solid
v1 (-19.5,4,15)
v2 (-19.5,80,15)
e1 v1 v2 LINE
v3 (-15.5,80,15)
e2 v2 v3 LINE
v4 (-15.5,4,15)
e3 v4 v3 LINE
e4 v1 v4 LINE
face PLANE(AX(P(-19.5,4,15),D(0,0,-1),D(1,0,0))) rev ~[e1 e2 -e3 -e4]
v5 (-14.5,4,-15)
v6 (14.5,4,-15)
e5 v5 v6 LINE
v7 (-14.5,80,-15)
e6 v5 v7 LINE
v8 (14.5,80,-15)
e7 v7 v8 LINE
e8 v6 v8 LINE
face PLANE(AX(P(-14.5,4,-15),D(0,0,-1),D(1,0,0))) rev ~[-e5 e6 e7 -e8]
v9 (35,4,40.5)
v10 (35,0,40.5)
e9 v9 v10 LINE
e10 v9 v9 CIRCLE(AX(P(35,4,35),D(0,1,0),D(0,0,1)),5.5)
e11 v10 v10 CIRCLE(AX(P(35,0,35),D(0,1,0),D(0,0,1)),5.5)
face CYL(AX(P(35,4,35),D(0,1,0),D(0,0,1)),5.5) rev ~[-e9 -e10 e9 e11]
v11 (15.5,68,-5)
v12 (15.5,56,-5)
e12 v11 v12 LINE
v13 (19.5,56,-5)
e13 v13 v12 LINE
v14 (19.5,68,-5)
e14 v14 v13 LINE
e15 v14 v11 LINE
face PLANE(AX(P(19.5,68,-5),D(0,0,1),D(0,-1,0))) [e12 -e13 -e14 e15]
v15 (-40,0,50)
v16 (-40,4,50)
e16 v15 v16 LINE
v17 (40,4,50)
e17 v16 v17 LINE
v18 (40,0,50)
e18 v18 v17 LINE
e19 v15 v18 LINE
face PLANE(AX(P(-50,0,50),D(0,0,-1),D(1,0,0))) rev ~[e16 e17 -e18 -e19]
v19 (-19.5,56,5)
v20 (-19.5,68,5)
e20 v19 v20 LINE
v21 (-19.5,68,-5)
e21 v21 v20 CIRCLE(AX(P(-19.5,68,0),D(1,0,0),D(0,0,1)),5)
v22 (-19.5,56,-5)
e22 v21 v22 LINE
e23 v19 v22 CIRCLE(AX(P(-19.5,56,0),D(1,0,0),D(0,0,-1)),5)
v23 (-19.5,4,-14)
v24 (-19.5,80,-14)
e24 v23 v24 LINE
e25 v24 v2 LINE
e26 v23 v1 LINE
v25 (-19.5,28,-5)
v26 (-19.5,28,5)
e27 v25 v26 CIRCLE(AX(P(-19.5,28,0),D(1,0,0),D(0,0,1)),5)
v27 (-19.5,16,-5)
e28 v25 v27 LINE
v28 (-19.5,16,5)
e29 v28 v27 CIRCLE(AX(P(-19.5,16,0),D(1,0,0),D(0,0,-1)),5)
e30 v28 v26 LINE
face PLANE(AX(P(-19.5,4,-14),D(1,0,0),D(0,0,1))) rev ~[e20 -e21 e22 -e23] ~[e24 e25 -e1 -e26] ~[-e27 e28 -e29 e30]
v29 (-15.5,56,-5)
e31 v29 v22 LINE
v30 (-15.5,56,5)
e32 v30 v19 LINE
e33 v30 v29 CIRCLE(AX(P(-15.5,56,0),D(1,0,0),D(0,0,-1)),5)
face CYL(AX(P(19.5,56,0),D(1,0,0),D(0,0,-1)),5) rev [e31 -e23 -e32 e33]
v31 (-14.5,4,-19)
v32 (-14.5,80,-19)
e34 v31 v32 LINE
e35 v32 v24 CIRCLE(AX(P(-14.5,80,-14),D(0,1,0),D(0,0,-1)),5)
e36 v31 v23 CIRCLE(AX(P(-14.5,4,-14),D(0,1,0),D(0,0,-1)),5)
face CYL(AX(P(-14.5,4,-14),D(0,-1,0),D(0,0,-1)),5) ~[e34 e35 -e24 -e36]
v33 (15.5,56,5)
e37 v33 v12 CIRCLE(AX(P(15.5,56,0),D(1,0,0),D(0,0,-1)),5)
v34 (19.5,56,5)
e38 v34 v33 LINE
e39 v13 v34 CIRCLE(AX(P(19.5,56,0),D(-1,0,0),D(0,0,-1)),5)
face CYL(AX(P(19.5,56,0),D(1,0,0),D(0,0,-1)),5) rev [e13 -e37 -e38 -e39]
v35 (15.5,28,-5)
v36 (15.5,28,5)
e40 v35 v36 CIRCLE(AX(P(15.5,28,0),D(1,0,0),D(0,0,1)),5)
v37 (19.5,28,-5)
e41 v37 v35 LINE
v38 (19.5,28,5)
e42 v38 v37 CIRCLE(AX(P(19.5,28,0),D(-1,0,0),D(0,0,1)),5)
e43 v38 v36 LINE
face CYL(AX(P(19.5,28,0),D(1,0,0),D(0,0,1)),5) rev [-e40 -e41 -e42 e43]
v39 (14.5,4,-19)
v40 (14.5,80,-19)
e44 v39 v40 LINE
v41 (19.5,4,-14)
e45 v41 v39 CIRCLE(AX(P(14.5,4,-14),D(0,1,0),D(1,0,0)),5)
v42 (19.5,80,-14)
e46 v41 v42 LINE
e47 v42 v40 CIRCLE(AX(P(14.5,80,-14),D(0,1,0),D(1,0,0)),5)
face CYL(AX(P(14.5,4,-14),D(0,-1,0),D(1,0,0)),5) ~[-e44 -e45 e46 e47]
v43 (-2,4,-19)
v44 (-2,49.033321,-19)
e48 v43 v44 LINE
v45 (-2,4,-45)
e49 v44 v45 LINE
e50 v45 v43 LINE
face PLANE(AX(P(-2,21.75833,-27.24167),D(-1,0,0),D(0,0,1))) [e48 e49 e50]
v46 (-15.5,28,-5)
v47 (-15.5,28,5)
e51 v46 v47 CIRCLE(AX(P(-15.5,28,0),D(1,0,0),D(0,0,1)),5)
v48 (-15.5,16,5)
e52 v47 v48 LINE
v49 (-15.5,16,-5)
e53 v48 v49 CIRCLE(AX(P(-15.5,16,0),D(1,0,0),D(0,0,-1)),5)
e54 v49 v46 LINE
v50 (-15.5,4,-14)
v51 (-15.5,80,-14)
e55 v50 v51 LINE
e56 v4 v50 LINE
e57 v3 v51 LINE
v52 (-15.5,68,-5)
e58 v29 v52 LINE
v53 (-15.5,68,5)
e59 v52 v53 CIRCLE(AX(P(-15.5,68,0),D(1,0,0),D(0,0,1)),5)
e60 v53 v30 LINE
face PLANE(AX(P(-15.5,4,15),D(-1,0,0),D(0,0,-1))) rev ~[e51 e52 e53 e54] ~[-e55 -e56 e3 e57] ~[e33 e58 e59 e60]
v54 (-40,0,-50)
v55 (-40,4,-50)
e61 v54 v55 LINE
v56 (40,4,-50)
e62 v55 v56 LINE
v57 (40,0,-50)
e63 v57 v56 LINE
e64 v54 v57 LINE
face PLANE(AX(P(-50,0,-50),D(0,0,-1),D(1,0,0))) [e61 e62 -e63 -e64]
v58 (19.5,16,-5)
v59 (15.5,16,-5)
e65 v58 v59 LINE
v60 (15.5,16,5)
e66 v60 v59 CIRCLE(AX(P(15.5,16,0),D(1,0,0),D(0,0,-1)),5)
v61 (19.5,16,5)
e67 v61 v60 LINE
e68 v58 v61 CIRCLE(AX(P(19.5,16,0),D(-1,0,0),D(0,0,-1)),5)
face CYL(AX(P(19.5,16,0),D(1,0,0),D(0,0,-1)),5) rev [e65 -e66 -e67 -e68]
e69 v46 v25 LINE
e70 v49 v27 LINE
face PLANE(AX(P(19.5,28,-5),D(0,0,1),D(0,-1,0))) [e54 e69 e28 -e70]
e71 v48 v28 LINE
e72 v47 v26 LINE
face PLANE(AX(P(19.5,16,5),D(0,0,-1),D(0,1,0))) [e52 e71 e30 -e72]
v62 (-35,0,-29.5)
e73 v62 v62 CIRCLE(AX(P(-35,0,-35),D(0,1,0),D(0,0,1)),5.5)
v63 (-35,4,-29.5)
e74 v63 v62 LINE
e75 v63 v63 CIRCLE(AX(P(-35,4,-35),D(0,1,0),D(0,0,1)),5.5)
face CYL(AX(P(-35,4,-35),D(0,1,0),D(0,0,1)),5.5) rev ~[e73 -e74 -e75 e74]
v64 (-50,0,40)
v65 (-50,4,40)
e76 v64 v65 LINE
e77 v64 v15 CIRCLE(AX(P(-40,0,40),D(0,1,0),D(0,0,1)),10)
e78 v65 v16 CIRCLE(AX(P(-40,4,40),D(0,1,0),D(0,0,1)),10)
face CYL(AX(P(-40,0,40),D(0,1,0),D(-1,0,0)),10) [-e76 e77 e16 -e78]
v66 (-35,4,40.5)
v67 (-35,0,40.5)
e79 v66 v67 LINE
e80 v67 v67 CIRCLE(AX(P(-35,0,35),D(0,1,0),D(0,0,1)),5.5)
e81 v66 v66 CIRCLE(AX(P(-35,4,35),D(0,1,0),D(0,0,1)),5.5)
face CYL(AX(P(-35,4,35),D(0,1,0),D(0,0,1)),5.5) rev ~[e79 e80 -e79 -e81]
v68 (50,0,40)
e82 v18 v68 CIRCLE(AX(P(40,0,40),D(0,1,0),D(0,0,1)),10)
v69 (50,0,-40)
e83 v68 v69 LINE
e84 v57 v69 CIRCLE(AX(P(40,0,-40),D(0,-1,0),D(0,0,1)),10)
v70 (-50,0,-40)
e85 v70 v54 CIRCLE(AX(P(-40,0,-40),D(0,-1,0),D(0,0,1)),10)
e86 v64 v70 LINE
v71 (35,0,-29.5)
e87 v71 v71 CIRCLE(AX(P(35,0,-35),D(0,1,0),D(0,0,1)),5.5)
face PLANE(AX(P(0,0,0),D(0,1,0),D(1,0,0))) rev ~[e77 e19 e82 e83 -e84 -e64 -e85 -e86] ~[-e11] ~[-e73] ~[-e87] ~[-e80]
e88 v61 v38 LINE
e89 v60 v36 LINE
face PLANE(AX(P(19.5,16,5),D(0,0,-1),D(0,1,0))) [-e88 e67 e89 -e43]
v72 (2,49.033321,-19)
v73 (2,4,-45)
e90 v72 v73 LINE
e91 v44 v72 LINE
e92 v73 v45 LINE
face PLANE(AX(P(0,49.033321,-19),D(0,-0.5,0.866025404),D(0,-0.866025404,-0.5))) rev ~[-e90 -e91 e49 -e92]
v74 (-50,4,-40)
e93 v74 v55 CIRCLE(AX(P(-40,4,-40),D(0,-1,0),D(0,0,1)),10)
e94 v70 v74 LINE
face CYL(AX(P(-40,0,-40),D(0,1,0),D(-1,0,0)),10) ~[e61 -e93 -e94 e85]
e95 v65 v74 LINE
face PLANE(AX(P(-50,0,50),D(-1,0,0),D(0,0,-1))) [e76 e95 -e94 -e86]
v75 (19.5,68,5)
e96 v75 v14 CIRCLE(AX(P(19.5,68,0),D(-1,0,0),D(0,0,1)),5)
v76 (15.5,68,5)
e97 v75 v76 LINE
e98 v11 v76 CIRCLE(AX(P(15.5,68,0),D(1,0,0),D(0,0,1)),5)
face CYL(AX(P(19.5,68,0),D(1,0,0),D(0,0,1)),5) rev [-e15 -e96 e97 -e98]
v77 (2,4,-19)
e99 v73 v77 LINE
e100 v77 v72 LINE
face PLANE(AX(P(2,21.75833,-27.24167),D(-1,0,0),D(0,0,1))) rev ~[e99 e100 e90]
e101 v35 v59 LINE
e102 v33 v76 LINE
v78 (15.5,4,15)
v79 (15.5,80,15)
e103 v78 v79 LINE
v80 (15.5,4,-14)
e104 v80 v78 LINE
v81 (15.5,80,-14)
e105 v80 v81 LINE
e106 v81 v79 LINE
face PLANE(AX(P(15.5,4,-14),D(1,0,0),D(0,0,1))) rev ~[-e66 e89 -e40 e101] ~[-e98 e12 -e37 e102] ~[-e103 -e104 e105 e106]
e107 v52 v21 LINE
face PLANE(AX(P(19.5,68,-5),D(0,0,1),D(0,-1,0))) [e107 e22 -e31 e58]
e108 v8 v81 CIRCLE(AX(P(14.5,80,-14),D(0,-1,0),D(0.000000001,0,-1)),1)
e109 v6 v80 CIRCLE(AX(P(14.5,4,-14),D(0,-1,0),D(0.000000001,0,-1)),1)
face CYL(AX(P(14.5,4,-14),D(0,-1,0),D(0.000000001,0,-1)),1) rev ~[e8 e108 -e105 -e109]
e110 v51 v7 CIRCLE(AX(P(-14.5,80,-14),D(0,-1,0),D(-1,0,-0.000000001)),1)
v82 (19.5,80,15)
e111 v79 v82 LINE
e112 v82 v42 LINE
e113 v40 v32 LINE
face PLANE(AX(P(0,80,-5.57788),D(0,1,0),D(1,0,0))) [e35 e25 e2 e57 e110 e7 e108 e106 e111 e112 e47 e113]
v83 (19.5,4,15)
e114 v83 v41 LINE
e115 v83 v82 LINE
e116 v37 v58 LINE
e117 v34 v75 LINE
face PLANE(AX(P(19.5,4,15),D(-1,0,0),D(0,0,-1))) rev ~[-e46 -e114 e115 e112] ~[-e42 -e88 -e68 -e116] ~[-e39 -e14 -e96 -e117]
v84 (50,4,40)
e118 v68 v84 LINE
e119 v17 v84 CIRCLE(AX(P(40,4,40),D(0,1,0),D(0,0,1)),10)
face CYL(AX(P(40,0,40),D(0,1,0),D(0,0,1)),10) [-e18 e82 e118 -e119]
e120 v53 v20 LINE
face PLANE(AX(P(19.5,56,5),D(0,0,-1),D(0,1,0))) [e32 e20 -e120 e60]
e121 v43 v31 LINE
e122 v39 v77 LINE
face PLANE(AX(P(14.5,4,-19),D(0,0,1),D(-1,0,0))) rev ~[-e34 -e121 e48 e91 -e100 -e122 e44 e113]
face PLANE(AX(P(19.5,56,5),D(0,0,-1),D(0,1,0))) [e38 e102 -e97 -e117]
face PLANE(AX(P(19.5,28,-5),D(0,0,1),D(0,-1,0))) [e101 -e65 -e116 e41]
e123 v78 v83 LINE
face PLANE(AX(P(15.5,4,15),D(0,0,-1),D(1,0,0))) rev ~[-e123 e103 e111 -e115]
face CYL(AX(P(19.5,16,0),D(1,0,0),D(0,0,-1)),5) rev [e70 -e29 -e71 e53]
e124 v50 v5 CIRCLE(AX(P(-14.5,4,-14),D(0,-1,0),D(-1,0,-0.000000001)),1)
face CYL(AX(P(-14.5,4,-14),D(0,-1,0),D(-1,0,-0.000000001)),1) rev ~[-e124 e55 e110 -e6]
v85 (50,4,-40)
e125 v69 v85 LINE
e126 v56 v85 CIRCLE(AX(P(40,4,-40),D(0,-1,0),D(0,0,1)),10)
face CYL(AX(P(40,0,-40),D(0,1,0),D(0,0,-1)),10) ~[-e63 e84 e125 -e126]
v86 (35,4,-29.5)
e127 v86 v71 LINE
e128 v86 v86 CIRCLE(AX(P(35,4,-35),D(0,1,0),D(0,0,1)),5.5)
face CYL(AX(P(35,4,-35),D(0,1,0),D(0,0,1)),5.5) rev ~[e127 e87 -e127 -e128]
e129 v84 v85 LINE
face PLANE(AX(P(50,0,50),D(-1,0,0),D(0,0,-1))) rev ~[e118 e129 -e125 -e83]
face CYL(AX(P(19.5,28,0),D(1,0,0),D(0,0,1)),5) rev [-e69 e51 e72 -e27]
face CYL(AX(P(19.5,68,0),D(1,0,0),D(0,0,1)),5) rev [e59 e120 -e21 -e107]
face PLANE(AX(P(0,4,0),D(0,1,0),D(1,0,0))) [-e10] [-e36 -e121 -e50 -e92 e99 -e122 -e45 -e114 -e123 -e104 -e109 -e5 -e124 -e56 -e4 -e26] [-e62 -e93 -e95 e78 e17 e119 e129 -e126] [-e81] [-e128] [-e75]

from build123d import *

# Parameters (mm, degrees)
SKETCH_2_W          = 100
SKETCH_2_H          = 100
EXTRUDE_1_DEPTH     = 4
EXTRUDE_1_2_DEPTH   = 76
EXTRUDE_2_DEPTH     = 2
CUT_EXTRUDE_1_DEPTH = 70.5
SKETCH_6_R          = 5.5
CUT_EXTRUDE_2_DEPTH = 5
FILLET_1_R          = 10


with BuildPart() as part:
    # Эскиз2 → Extrude 1 (new body)
    with BuildSketch(Plane(origin=(0, 0, 0), x_dir=(1, 0, 0), z_dir=(0, 1, 0))):
        Rectangle(SKETCH_2_W, SKETCH_2_H)
    extrude(amount=EXTRUDE_1_DEPTH)

    # Эскиз3 → Extrude 1 2 (add)
    with BuildSketch(Plane(origin=(0, 4, 0), x_dir=(1, 0, 0), z_dir=(0, 1, 0))):
        with BuildLine():
            Line((-15.5, -15), (-15.5, 14))
            ThreePointArc((-15.5, 14), (-15.207106781, 14.707106781), (-14.5, 15))
            Line((-14.5, 15), (14.5, 15))
            ThreePointArc((14.5, 15), (15.207106781, 14.707106781), (15.5, 14))
            Line((15.5, 14), (15.5, -15))
            Line((15.5, -15), (19.5, -15))
            Line((19.5, -15), (19.5, 14))
            ThreePointArc((19.5, 14), (18.035533906, 17.535533906), (14.5, 19))
            Line((14.5, 19), (-14.5, 19))
            ThreePointArc((-14.5, 19), (-18.035533906, 17.535533906), (-19.5, 14))
            Line((-19.5, 14), (-19.5, -15))
            Line((-19.5, -15), (-15.5, -15))
        make_face()
    extrude(amount=EXTRUDE_1_2_DEPTH)

    # Эскиз4 → Бобышка-Вытянуть2 (add, symmetric)
    with BuildSketch(Plane(origin=(0, 0, 0), x_dir=(0, 0, -1), z_dir=(1, 0, 0))):
        Polygon((19, 49.033320997), (45, 4), (19, 4), align=None)
    extrude(amount=EXTRUDE_2_DEPTH, both=True)

    # Эскиз5 → Вырез-Вытянуть1 (cut, through all)
    with BuildSketch(Plane(origin=(19.5, 0, 0), x_dir=(0, 0, -1), z_dir=(1, 0, 0))):
        with BuildLine():
            Line((5, 68), (5, 56))
            ThreePointArc((5, 56), (0, 51), (-5, 56))
            Line((-5, 56), (-5, 68))
            ThreePointArc((-5, 68), (0, 73), (5, 68))
        make_face()
        with BuildLine():
            Line((5, 28), (5, 16))
            ThreePointArc((5, 16), (0, 11), (-5, 16))
            Line((-5, 16), (-5, 28))
            ThreePointArc((-5, 28), (0, 33), (5, 28))
        make_face()
    extrude(amount=-CUT_EXTRUDE_1_DEPTH, mode=Mode.SUBTRACT)

    # Эскиз6 → Вырез-Вытянуть2 (cut, through all)
    with BuildSketch(Plane(origin=(0, 4, 0), x_dir=(1, 0, 0), z_dir=(0, 1, 0))):
        with Locations(Location((-35, 35, 0), (0, 0, 270))):  # turned: the seam where the file's is
            Circle(SKETCH_6_R)
        with Locations(Location((-35, -35, 0), (0, 0, 270))):  # turned: the seam where the file's is
            Circle(SKETCH_6_R)
        with Locations(Location((35, 35, 0), (0, 0, 270))):  # turned: the seam where the file's is
            Circle(SKETCH_6_R)
        with Locations(Location((35, -35, 0), (0, 0, 270))):  # turned: the seam where the file's is
            Circle(SKETCH_6_R)
    extrude(amount=-CUT_EXTRUDE_2_DEPTH, mode=Mode.SUBTRACT)

    # Скругление1
    fillet_1_edges = [part.edges().sort_by_distance(p)[0] for p in [
        (50, 2, 50),
        (-50, 2, 50),
        (-50, 2, -50),
        (50, 2, -50),
    ]]
    fillet(fillet_1_edges, radius=FILLET_1_R)


solid = part.part
